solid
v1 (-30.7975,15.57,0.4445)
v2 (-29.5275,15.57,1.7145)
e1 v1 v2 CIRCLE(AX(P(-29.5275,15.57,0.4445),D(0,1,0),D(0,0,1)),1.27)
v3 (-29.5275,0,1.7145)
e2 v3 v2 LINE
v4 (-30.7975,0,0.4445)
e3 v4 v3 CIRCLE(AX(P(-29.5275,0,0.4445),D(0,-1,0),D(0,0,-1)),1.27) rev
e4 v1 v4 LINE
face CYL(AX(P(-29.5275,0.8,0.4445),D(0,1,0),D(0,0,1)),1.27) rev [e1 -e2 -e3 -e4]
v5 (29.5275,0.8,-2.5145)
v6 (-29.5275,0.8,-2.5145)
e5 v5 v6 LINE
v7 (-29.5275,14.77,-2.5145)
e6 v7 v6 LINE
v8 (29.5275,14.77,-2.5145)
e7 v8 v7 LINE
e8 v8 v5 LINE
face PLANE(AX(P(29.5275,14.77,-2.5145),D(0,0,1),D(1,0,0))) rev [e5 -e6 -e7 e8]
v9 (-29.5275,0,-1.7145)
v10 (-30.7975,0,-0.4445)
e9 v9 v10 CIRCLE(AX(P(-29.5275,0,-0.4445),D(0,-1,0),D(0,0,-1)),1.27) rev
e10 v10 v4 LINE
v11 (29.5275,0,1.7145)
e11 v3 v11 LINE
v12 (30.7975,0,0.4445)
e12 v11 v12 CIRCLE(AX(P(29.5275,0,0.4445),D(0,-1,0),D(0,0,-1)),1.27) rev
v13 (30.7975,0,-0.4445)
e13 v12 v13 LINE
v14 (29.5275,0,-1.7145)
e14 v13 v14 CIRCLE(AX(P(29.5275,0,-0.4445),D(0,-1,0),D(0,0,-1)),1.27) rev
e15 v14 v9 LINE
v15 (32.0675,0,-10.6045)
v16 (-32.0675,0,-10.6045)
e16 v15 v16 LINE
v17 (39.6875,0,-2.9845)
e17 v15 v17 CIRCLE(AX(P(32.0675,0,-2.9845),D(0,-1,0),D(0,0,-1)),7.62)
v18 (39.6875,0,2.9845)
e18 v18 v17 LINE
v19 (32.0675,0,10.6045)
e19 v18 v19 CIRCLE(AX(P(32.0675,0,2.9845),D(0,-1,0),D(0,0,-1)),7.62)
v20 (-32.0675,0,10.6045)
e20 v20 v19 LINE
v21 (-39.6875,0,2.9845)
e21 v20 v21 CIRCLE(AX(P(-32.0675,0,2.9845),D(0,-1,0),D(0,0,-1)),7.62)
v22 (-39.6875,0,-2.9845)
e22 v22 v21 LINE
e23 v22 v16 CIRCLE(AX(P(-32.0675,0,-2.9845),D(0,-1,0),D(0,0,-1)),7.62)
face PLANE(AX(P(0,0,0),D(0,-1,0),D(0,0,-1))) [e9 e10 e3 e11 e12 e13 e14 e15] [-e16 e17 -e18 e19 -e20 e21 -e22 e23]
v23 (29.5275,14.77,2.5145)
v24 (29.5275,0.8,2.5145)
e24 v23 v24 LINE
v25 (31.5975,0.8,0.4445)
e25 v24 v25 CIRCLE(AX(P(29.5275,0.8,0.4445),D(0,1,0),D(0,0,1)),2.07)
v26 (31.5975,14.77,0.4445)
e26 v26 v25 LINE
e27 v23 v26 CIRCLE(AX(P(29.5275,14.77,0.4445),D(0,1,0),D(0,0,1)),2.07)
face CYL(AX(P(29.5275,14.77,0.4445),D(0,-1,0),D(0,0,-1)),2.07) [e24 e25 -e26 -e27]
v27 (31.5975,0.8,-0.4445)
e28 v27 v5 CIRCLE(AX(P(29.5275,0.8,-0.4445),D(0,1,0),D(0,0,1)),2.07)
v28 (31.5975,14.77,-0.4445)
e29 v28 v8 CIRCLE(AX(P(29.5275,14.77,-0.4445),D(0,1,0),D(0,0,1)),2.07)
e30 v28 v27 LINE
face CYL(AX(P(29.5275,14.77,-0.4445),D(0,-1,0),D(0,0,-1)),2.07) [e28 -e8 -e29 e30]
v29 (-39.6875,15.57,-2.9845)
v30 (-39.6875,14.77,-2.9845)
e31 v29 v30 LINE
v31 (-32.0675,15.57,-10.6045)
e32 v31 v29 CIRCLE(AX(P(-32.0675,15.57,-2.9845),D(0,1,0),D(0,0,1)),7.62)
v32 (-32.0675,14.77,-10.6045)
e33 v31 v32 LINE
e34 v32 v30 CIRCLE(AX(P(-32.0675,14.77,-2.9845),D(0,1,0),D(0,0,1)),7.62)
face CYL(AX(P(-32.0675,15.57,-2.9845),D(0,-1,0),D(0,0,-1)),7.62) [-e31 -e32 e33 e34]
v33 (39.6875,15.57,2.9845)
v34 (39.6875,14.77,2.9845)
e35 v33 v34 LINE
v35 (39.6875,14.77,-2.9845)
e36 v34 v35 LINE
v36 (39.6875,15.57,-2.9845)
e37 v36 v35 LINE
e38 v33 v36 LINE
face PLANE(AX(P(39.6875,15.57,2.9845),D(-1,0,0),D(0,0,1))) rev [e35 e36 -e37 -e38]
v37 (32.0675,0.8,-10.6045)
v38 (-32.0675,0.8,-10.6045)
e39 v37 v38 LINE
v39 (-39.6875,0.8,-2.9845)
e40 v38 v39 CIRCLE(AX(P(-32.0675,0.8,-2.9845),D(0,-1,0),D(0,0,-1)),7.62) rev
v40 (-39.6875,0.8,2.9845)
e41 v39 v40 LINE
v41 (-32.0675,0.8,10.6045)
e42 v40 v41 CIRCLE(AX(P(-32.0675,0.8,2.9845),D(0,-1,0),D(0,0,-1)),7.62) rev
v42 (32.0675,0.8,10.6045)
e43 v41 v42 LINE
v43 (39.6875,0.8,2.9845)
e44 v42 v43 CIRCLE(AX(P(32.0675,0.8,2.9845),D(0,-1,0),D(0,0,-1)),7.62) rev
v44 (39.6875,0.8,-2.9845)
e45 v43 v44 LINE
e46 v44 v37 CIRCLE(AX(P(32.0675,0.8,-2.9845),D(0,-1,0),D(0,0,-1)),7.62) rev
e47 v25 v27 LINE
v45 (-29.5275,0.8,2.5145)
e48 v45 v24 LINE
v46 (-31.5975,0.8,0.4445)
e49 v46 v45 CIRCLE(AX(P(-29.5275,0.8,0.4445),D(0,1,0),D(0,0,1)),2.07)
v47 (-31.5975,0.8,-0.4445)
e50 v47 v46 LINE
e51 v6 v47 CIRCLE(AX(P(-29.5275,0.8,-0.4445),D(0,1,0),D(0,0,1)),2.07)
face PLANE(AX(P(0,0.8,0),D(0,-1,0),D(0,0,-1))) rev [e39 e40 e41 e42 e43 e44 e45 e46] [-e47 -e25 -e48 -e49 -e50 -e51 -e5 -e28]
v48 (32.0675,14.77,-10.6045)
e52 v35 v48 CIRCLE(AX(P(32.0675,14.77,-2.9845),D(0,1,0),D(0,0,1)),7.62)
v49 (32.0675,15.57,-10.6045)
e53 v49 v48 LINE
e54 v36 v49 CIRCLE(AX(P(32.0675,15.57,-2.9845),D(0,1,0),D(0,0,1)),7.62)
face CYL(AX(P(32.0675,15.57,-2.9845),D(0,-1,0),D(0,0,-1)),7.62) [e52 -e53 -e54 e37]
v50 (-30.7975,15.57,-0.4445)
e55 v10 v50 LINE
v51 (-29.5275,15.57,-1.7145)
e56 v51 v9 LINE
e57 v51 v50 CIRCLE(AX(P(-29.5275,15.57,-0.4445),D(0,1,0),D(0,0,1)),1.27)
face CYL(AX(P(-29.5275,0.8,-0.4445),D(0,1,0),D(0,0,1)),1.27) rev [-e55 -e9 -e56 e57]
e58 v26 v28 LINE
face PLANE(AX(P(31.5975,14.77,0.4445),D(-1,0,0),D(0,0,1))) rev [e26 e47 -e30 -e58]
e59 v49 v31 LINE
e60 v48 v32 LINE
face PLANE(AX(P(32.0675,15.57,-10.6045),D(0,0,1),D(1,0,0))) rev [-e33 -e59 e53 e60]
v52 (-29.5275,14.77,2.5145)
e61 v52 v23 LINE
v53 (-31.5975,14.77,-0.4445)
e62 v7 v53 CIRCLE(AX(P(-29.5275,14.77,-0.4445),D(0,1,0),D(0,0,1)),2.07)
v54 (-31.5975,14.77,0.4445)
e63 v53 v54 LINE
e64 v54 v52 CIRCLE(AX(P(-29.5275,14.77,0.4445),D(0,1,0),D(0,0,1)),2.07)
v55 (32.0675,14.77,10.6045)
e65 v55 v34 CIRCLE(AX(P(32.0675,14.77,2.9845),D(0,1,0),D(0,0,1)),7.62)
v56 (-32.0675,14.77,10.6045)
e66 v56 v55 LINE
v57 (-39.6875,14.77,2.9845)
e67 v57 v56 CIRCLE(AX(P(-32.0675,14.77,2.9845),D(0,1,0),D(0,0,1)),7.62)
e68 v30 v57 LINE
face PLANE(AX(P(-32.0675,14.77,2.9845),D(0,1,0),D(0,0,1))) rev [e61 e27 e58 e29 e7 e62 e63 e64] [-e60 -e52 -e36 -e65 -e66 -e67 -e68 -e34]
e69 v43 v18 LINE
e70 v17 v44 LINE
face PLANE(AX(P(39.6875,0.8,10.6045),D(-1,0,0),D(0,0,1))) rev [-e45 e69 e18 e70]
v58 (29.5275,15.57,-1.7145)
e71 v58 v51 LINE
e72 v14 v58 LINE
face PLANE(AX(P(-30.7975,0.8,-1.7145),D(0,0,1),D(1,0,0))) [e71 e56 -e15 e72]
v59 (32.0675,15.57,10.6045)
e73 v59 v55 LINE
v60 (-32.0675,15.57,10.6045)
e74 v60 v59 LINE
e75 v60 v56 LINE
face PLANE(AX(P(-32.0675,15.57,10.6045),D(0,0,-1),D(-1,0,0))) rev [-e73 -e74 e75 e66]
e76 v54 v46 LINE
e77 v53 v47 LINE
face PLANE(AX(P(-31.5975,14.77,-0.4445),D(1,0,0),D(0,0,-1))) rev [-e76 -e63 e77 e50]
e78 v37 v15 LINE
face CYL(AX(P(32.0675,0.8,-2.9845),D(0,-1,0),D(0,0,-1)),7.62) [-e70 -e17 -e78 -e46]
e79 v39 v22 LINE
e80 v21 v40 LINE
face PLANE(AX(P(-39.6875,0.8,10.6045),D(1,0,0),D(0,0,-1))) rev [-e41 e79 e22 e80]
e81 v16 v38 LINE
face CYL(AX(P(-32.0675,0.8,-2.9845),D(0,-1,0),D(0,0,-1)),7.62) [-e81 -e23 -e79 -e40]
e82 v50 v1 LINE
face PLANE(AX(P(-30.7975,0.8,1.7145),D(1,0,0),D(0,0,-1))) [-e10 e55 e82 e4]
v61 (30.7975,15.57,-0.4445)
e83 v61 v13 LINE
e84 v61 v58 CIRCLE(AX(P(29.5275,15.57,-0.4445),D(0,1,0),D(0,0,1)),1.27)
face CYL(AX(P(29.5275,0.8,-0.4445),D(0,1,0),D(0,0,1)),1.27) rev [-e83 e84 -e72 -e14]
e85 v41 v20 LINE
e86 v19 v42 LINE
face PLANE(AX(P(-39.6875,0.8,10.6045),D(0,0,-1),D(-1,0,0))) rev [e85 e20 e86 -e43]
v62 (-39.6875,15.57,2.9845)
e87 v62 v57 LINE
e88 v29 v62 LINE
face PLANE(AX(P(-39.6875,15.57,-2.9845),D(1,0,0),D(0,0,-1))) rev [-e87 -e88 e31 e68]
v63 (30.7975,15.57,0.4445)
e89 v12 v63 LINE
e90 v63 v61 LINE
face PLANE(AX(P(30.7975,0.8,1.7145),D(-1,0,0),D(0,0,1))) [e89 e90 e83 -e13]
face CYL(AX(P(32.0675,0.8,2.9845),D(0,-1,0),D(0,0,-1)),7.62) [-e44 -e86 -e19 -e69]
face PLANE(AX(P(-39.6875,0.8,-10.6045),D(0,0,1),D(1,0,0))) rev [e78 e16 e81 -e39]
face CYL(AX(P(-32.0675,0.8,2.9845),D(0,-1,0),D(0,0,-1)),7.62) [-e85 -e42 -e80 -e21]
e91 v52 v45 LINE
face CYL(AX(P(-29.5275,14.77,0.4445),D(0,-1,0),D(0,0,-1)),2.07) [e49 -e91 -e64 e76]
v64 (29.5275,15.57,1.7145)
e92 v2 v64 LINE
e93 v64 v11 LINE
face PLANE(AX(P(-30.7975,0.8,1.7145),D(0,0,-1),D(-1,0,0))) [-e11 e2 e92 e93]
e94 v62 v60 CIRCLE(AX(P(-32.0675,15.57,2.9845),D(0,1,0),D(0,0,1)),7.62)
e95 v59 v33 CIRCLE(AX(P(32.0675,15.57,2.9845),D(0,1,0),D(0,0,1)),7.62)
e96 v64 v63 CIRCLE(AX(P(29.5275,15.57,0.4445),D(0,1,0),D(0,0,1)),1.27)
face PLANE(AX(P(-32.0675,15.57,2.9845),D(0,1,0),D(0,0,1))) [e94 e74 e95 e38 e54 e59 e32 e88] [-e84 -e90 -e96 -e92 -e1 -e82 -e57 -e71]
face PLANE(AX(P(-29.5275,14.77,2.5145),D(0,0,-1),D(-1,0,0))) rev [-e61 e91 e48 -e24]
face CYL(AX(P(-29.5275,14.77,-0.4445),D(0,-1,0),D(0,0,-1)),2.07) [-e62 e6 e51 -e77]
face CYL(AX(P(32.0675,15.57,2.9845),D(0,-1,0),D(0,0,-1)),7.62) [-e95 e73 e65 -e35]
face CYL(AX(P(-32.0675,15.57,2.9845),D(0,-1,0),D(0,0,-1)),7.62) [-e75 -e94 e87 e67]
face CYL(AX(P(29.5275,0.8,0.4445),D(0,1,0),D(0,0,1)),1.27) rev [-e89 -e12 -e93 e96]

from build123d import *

# Parameters (mm, degrees)
SKETCH1_W           = 79.375
SKETCH1_H           = 21.209
SKETCH1_W_2         = 61.595
SKETCH1_H_2         = 3.429
BOSS_EXTRUDE1_DEPTH = 0.8
FILLET1_R           = 1.27
FILLET2_R           = 7.62
BOSS_EXTRUDE2_START = 13.97
BOSS_EXTRUDE2_DEPTH = 13.97
BOSS_EXTRUDE3_START = 0.8
BOSS_EXTRUDE3_DEPTH = 0.8


with BuildPart() as part:
    # Sketch1 → Boss-Extrude1 (new body)
    with BuildSketch(Plane(origin=(0, 0, 0), x_dir=(1, 0, 0), z_dir=(0, 1, 0))):
        Rectangle(SKETCH1_W, SKETCH1_H)
        Rectangle(SKETCH1_W_2, SKETCH1_H_2, mode=Mode.SUBTRACT)
    extrude(amount=BOSS_EXTRUDE1_DEPTH)

    # Fillet1
    fillet1_edges = [part.edges().sort_by_distance(p)[0] for p in [
        (30.7975, 0.4, 1.7145),
        (30.7975, 0.4, -1.7145),
        (-30.7975, 0.4, -1.7145),
        (-30.7975, 0.4, 1.7145),
    ]]
    fillet(fillet1_edges, radius=FILLET1_R)

    # Fillet2
    fillet2_edges = [part.edges().sort_by_distance(p)[0] for p in [
        (39.6875, 0.4, 10.6045),
        (-39.6875, 0.4, 10.6045),
        (-39.6875, 0.4, -10.6045),
        (39.6875, 0.4, -10.6045),
    ]]
    fillet(fillet2_edges, radius=FILLET2_R)

    # Sketch2 → Boss-Extrude2 (add)
    with BuildSketch(Plane(origin=(0, 0.8, 0), x_dir=(1, 0, 0), z_dir=(0, 1, 0)).offset(BOSS_EXTRUDE2_START)):
        with BuildLine():
            Line((29.5275, 2.5145), (-29.5275, 2.5145))
            ThreePointArc((-29.5275, 2.5145), (-30.991211037, 1.908211037), (-31.5975, 0.4445))
            Line((-31.5975, 0.4445), (-31.5975, -0.4445))
            ThreePointArc((-31.5975, -0.4445), (-30.991211037, -1.908211037), (-29.5275, -2.5145))
            Line((-29.5275, -2.5145), (29.5275, -2.5145))
            ThreePointArc((29.5275, -2.5145), (30.991211037, -1.908211037), (31.5975, -0.4445))
            Line((31.5975, -0.4445), (31.5975, 0.4445))
            ThreePointArc((31.5975, 0.4445), (30.991211037, 1.908211037), (29.5275, 2.5145))
        make_face()
        with BuildLine():
            Line((30.7975, -0.4445), (30.7975, 0.4445))
            ThreePointArc((30.7975, 0.4445), (30.425525612, 1.342525612), (29.5275, 1.7145))
            Line((29.5275, 1.7145), (-29.5275, 1.7145))
            ThreePointArc((-29.5275, 1.7145), (-30.425525612, 1.342525612), (-30.7975, 0.4445))
            Line((-30.7975, 0.4445), (-30.7975, -0.4445))
            ThreePointArc((-30.7975, -0.4445), (-30.425525612, -1.342525612), (-29.5275, -1.7145))
            Line((-29.5275, -1.7145), (29.5275, -1.7145))
            ThreePointArc((29.5275, -1.7145), (30.425525612, -1.342525612), (30.7975, -0.4445))
        make_face(mode=Mode.SUBTRACT)
    extrude(amount=-BOSS_EXTRUDE2_DEPTH)

    # Sketch3 → Boss-Extrude3 (add)
    with BuildSketch(Plane(origin=(0, 14.77, 0), x_dir=(1, 0, 0), z_dir=(0, 1, 0)).offset(BOSS_EXTRUDE3_START)):
        with BuildLine():
            Line((-32.0675, -10.6045), (32.0675, -10.6045))
            ThreePointArc((32.0675, -10.6045), (37.455653673, -8.372653673), (39.6875, -2.9845))
            Line((39.6875, -2.9845), (39.6875, 2.9845))
            ThreePointArc((39.6875, 2.9845), (37.455653673, 8.372653673), (32.0675, 10.6045))
            Line((32.0675, 10.6045), (-32.0675, 10.6045))
            ThreePointArc((-32.0675, 10.6045), (-37.455653673, 8.372653673), (-39.6875, 2.9845))
            Line((-39.6875, 2.9845), (-39.6875, -2.9845))
            ThreePointArc((-39.6875, -2.9845), (-37.455653673, -8.372653673), (-32.0675, -10.6045))
        make_face()
        with BuildLine():
            Line((29.5275, 1.7145), (-29.5275, 1.7145))
            ThreePointArc((-29.5275, 1.7145), (-30.425525612, 1.342525612), (-30.7975, 0.4445))
            Line((-30.7975, 0.4445), (-30.7975, -0.4445))
            ThreePointArc((-30.7975, -0.4445), (-30.425525612, -1.342525612), (-29.5275, -1.7145))
            Line((-29.5275, -1.7145), (29.5275, -1.7145))
            ThreePointArc((29.5275, -1.7145), (30.425525612, -1.342525612), (30.7975, -0.4445))
            Line((30.7975, -0.4445), (30.7975, 0.4445))
            ThreePointArc((30.7975, 0.4445), (30.425525612, 1.342525612), (29.5275, 1.7145))
        make_face(mode=Mode.SUBTRACT)
    extrude(amount=-BOSS_EXTRUDE3_DEPTH)


solid = part.part
